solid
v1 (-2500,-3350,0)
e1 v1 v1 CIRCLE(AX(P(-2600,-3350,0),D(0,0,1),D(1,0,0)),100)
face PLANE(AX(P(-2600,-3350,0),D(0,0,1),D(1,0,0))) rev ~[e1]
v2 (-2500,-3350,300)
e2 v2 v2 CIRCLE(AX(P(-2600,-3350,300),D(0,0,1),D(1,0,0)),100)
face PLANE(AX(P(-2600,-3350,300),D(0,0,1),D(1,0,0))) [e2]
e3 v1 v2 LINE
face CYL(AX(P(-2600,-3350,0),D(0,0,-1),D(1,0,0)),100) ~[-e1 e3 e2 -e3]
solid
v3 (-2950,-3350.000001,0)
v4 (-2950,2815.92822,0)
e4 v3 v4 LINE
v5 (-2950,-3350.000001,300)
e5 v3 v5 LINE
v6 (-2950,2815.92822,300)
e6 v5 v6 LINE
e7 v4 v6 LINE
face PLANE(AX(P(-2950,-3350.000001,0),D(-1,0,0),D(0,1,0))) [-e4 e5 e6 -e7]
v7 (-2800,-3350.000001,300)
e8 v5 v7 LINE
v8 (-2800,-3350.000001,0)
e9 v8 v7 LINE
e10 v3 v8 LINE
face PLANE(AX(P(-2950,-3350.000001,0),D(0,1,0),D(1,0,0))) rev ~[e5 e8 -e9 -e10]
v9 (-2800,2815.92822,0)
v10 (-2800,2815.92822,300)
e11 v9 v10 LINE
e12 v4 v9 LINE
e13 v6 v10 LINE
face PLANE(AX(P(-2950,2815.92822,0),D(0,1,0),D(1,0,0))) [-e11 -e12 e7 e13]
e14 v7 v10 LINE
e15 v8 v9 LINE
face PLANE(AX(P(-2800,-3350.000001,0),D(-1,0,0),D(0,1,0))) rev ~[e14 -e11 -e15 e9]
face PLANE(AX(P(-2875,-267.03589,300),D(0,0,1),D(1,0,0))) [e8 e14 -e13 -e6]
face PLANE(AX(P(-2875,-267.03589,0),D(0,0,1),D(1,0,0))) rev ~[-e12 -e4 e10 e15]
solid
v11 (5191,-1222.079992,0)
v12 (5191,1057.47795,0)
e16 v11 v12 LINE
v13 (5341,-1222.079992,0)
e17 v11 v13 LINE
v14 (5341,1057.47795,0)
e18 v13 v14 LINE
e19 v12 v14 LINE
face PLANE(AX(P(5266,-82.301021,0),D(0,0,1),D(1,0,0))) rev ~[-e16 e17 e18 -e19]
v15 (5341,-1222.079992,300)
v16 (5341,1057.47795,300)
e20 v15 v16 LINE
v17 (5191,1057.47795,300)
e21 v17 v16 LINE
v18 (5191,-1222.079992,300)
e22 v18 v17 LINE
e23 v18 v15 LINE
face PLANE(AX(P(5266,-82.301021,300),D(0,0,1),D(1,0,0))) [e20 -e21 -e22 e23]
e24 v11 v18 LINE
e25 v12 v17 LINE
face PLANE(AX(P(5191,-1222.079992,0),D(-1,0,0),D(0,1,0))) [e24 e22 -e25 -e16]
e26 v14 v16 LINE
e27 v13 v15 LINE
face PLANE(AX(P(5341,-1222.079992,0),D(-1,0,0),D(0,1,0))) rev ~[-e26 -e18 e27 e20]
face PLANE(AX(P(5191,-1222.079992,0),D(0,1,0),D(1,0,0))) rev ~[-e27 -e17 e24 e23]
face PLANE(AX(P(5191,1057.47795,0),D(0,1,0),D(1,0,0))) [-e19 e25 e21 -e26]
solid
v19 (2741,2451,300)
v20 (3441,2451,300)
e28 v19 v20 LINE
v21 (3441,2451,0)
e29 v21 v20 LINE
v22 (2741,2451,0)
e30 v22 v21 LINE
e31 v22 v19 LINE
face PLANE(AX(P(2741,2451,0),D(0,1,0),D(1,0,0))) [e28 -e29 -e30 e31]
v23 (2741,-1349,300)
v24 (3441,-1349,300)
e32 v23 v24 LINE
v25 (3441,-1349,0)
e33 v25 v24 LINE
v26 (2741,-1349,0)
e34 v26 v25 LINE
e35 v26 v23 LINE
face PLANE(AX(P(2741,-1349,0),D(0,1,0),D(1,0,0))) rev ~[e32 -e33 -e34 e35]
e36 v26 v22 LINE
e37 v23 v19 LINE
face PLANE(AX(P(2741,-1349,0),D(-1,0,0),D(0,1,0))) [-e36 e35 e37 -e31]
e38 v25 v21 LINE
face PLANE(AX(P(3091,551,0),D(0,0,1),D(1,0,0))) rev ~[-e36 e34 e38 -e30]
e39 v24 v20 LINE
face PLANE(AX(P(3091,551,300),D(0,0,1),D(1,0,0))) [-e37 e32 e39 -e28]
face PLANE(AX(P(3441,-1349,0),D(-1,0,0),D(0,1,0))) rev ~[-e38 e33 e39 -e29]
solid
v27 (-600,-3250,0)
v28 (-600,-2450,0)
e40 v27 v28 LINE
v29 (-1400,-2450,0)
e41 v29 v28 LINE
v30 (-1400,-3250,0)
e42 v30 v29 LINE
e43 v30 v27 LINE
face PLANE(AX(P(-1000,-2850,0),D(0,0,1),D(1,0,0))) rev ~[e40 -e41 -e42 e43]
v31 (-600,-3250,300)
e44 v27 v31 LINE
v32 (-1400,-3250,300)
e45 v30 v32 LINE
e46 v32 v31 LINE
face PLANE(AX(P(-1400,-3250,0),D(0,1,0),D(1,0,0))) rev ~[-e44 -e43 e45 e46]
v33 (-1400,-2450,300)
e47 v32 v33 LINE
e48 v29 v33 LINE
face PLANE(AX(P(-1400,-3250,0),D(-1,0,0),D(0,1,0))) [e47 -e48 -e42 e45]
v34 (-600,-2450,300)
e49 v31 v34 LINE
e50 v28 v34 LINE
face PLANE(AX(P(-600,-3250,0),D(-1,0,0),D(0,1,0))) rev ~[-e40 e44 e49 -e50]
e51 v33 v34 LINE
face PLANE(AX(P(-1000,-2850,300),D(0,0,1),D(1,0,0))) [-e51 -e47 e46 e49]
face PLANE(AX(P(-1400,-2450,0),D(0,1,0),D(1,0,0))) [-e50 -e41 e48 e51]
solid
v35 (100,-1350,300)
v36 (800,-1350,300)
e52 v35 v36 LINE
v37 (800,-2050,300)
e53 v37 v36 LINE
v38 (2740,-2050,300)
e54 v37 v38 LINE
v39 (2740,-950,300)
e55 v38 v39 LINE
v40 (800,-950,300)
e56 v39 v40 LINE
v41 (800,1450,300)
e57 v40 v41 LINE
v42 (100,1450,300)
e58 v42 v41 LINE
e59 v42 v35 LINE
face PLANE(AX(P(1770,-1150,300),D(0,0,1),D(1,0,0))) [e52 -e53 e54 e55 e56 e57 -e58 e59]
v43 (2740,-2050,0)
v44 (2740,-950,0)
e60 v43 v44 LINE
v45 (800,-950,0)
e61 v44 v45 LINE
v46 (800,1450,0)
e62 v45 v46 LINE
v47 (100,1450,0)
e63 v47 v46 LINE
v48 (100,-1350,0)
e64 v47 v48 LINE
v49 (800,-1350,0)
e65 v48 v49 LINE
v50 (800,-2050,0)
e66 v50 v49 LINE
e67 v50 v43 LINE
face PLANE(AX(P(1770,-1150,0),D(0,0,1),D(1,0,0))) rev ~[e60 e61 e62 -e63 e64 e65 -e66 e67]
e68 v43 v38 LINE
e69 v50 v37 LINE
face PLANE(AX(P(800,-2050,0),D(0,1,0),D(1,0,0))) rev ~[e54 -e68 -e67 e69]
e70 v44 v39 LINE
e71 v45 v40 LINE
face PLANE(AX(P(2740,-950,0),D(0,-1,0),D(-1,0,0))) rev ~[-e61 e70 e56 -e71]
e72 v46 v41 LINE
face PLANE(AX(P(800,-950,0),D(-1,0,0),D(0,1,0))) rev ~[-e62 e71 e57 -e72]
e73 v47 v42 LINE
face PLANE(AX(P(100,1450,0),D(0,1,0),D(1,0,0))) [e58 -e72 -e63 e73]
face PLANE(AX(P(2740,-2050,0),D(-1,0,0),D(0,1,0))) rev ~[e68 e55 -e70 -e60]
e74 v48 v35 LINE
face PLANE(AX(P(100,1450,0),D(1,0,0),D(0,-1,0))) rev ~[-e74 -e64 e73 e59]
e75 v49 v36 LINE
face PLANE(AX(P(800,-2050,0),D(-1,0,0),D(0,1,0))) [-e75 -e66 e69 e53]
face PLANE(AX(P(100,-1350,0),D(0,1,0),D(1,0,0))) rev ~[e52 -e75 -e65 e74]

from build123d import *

# Parameters (mm, degrees)
F0_W     = 1940
F0_H     = 400
F0_W_2   = 700
F0_H_2   = 2400
F0_H_3   = 700
F0_W_3   = 150
F0_H_4   = 2279.557943
F0_W_4   = 800
F0_H_5   = 800
F0_R     = 100
F0_H_6   = 6165.928221
F0_H_7   = 3800
F1_DEPTH = 300


with BuildPart() as f1:
    # F0 (on Top) → F1 (new body)
    with BuildSketch(Plane.XY):
        with Locations((1770, -1150)):
            Rectangle(F0_W, F0_H)
        with Locations((450, -1150)):
            Rectangle(F0_W_2, F0_H)
        with Locations((450, 250)):
            Rectangle(F0_W_2, F0_H_2)
        with Locations((1770, -1700)):
            Rectangle(F0_W, F0_H_3)
        with Locations((5266, -82.301021)):
            Rectangle(F0_W_3, F0_H_4)
        with Locations((-1000, -2850)):
            Rectangle(F0_W_4, F0_H_5)
        with Locations((-2600, -3350)):
            Circle(F0_R)
        with Locations((-2875, -267.03589)):
            Rectangle(F0_W_3, F0_H_6)
        with Locations((3091, 551)):
            Rectangle(F0_W_2, F0_H_7)
    extrude(amount=F1_DEPTH)


solid = f1.part
